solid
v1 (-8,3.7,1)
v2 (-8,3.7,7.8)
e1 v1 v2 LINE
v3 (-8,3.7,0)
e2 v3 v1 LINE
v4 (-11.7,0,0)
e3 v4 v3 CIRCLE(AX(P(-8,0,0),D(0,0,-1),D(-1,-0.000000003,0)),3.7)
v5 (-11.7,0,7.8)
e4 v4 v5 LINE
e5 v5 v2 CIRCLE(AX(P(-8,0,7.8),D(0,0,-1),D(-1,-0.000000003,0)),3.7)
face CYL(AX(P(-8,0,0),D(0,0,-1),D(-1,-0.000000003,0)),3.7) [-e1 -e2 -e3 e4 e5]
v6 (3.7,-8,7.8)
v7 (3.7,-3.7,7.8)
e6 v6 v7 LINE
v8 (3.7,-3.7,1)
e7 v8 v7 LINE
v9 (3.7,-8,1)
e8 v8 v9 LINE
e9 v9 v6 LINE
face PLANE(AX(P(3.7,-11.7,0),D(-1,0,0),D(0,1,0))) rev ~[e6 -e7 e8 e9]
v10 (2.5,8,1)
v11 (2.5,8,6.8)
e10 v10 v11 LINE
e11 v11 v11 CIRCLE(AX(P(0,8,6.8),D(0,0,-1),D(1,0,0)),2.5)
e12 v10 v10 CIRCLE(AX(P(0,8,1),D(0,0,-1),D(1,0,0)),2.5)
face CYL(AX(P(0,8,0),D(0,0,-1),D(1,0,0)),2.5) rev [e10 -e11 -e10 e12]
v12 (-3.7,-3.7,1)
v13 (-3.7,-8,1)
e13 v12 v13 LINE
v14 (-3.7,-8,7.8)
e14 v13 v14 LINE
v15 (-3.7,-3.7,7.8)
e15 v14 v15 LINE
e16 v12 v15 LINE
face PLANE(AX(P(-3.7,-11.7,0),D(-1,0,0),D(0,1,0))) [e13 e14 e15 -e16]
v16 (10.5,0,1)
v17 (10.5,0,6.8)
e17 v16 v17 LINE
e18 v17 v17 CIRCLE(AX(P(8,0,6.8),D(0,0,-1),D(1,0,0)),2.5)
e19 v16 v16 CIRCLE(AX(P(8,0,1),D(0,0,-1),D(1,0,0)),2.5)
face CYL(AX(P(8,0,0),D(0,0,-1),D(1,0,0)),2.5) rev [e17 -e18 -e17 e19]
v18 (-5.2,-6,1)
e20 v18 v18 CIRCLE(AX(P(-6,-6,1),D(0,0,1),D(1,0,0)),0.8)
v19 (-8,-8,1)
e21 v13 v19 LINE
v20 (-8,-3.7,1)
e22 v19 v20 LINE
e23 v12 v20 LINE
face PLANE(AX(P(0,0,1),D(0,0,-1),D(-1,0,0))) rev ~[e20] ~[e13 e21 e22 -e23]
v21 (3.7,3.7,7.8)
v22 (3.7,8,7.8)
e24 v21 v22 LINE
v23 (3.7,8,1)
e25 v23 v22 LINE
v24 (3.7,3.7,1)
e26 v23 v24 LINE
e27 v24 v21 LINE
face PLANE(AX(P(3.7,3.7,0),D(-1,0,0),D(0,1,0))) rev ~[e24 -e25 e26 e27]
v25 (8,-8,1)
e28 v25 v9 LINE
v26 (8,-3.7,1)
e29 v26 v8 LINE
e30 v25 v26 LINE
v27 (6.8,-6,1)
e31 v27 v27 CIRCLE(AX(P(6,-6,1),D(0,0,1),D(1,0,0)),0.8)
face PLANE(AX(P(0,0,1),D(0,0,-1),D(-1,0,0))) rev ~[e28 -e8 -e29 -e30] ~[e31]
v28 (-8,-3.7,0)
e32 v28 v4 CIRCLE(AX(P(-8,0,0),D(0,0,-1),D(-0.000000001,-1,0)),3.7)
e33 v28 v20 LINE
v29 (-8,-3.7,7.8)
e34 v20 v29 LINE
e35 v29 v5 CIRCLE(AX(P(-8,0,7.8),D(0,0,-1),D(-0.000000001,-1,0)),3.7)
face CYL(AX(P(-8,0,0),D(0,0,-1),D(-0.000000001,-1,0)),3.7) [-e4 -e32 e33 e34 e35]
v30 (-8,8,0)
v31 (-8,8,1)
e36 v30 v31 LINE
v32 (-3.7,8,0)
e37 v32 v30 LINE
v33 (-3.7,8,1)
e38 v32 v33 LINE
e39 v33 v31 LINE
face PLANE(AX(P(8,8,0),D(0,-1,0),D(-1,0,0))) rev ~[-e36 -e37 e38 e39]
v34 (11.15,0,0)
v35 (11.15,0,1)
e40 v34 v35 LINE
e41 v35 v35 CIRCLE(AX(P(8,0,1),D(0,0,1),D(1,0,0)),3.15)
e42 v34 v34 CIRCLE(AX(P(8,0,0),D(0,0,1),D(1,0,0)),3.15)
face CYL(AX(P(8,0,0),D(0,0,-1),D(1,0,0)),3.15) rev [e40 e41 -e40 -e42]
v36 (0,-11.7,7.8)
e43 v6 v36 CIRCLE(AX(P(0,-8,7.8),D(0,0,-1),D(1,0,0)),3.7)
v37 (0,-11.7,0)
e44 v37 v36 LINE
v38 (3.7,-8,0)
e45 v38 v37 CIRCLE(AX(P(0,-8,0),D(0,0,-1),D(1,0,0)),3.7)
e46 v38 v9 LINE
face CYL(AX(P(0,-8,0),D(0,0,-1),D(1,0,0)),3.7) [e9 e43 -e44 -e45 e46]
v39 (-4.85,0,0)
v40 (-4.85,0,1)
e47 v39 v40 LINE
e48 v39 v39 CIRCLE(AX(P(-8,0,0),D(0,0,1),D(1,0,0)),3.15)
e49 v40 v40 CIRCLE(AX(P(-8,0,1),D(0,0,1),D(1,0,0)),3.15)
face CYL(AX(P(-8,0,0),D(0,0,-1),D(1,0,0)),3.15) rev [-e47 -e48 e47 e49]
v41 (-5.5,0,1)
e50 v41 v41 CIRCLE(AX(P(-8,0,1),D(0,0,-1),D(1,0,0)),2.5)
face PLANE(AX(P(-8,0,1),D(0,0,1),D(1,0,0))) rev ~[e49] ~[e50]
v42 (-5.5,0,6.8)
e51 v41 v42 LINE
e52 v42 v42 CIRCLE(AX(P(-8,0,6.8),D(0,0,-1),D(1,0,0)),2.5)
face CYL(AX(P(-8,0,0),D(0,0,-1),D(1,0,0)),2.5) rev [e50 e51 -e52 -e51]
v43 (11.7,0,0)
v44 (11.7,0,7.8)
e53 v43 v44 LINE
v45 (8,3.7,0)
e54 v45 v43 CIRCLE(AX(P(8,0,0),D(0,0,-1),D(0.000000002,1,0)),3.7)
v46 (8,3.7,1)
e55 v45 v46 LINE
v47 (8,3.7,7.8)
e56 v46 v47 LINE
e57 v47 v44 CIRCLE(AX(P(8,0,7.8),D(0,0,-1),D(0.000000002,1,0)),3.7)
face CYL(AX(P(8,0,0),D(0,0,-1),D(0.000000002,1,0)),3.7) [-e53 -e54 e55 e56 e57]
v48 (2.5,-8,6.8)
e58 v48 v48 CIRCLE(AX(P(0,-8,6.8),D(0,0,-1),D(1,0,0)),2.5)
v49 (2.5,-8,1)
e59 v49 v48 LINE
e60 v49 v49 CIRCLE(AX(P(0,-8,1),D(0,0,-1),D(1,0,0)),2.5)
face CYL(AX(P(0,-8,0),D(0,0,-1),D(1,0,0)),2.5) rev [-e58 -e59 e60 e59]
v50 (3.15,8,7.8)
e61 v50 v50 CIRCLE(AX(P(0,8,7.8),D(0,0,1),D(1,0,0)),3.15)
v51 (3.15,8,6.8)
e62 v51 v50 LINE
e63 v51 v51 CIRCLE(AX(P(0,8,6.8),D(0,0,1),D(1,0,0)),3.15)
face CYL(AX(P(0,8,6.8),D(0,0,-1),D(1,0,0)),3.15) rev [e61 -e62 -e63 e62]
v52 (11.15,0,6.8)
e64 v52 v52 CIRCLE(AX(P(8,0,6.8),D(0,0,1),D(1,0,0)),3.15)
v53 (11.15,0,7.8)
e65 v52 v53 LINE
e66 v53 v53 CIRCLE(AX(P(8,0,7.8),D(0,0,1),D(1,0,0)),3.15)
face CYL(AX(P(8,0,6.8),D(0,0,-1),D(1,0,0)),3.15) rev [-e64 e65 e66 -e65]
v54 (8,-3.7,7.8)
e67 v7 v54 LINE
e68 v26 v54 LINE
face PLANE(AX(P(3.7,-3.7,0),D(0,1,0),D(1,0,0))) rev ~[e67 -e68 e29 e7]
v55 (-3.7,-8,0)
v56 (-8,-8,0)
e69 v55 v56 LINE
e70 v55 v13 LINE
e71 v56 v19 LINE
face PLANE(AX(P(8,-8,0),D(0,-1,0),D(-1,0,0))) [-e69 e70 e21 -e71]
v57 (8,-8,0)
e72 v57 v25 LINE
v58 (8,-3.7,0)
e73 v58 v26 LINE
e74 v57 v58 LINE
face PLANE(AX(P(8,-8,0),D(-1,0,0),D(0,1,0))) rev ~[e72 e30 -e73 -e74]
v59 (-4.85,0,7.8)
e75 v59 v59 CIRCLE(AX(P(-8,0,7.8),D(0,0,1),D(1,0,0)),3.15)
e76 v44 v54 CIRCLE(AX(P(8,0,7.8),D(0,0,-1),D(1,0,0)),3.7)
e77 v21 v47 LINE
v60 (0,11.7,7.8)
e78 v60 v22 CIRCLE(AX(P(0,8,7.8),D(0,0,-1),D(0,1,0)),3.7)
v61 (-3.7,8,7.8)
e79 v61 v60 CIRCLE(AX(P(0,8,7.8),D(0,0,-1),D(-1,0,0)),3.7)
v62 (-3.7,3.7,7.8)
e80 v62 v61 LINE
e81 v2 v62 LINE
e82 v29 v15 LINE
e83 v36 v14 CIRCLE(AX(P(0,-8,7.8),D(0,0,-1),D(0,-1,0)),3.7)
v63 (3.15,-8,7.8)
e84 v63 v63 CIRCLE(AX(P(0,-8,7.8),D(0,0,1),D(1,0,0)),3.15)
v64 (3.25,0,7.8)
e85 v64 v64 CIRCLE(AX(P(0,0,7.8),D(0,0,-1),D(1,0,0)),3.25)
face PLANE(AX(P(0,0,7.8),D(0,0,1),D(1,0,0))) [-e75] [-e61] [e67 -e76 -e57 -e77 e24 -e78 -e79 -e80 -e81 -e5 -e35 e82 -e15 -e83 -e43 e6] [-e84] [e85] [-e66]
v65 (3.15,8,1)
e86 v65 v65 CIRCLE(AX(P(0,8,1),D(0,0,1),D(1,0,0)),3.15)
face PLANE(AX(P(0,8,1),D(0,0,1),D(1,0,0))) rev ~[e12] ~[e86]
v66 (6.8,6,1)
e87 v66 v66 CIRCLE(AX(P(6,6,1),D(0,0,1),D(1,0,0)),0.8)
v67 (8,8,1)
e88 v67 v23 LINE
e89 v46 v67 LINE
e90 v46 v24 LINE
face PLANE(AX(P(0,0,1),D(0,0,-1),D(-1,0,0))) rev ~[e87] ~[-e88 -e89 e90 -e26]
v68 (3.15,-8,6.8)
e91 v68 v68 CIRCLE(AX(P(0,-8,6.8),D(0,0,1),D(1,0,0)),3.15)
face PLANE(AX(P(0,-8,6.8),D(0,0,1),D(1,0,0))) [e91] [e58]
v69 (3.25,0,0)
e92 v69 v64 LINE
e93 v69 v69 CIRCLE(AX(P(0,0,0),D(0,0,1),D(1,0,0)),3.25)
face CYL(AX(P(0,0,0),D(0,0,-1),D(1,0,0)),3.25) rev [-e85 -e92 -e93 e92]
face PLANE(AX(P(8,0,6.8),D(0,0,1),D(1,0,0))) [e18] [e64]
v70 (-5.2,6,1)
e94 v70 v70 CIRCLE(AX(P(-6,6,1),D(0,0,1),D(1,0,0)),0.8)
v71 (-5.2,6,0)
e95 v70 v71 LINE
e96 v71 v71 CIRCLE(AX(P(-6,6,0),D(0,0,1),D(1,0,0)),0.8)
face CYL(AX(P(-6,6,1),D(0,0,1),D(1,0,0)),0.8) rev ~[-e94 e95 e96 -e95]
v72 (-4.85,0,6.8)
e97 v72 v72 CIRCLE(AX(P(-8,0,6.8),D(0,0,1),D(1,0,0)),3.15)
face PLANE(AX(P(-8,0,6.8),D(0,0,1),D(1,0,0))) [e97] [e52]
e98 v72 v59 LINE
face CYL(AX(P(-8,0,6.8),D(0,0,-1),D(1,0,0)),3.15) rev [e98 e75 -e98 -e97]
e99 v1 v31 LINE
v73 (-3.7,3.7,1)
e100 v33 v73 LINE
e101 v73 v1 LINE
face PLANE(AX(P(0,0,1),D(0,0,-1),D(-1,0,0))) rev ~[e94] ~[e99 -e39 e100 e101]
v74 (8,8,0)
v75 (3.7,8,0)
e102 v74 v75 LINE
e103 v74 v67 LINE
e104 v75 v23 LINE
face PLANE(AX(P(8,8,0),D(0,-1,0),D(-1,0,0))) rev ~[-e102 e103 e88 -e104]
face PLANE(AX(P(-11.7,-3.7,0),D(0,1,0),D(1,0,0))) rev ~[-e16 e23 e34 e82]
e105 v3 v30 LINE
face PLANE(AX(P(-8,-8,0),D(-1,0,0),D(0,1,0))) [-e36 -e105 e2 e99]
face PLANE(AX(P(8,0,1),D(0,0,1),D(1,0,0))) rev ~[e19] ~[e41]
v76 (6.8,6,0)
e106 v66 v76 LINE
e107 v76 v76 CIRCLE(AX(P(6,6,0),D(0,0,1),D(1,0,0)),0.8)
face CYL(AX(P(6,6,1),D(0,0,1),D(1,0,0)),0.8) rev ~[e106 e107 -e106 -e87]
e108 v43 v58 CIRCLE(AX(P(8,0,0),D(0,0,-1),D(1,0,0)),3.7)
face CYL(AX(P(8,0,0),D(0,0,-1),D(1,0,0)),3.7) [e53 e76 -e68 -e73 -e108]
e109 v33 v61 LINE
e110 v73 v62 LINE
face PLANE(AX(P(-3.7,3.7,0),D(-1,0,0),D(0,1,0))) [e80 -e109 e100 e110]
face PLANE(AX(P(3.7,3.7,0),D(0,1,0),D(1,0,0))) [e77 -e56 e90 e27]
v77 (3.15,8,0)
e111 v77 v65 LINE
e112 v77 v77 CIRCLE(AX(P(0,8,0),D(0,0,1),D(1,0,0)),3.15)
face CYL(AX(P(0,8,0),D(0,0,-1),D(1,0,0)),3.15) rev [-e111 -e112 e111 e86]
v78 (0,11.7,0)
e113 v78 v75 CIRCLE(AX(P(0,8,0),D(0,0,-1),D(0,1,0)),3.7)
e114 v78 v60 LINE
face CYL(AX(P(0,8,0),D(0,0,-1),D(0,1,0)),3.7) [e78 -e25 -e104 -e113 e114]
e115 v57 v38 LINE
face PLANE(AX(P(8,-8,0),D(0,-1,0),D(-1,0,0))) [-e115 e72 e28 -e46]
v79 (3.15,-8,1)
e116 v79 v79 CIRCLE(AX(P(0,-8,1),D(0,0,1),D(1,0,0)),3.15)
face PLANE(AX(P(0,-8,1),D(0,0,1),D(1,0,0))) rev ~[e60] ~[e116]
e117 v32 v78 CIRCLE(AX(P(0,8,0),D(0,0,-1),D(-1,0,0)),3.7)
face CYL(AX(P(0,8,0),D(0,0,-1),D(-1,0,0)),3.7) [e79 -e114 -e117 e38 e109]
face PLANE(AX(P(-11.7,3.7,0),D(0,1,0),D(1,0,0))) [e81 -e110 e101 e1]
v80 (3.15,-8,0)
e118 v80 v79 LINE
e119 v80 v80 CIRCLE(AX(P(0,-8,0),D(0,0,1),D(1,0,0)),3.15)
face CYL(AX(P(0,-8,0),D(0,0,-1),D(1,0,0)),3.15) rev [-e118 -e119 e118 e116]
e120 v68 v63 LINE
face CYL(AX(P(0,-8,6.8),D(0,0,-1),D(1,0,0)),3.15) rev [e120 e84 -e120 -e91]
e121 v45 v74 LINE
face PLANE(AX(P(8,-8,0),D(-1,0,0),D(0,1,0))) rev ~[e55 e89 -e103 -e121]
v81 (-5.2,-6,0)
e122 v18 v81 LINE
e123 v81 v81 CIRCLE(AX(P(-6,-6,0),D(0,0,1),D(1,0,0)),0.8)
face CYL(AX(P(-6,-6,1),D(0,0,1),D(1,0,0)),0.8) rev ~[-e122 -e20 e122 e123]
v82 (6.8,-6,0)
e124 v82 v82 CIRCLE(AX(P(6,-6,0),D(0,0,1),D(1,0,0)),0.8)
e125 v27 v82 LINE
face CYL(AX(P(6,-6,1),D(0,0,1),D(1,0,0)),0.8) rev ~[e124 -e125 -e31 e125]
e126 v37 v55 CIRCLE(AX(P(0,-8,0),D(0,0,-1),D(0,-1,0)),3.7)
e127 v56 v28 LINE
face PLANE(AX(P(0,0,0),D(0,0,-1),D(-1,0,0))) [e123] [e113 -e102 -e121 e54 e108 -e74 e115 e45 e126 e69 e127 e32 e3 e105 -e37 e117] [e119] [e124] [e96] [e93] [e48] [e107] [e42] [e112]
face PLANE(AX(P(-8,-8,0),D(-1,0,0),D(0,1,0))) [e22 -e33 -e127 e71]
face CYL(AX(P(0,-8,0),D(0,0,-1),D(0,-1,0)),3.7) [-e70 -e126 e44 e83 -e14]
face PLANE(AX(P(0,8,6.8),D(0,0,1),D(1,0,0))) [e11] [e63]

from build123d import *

# Parameters (mm, degrees)
SKETCH_2_W          = 23.4
SKETCH_2_H          = 7.4
SKETCH_2_W_2        = 7.4
SKETCH_2_H_2        = 23.4
EXTRUDE_1_DEPTH     = 7.8
SKETCH_3_W          = 16
SKETCH_3_H          = 16
EXTRUDE_2_DEPTH     = 1
SKETCH_2_6_R        = 2.5
SKETCH_2_6_R_2      = 3.25
CUT_EXTRUDE_3_DEPTH = 19.292621463
SKETCH_2_3_R        = 3.15
CUT_EXTRUDE_1_DEPTH = 1
CUT_EXTRUDE_START   = 6.8
SKETCH_2_5_R        = 3.15
CUT_EXTRUDE_2_DEPTH = 1
SKETCH_4_R          = 0.8
CUT_EXTRUDE_4_DEPTH = 18.889102828


with BuildPart() as part:
    # 草图2 → 凸台-拉伸1 (new body)
    with BuildSketch(Plane.XY):
        Rectangle(SKETCH_2_W, SKETCH_2_H)
        Rectangle(SKETCH_2_W_2, SKETCH_2_H_2)
    extrude(amount=EXTRUDE_1_DEPTH)

    # 草图3 → 凸台-拉伸2 (add)
    with BuildSketch(Plane(origin=(0, 0, 0), x_dir=(-1, 0, 0), z_dir=(0, 0, -1))):
        Rectangle(SKETCH_3_W, SKETCH_3_H)
    extrude(amount=-EXTRUDE_2_DEPTH)

    # 草图2<6> → 切除-拉伸3 (cut, through all)
    with BuildSketch(Plane.XY):
        with BuildLine():
            Line((-3.7, 11.7), (-3.7, 8))
            ThreePointArc((-3.7, 8), (-2.61629509, 10.61629509), (0, 11.7))
            Line((0, 11.7), (-3.7, 11.7))
        make_face()
        with BuildLine():
            ThreePointArc((0, 11.7), (2.61629509, 10.61629509), (3.7, 8))
            Line((3.7, 8), (3.7, 11.7))
            Line((3.7, 11.7), (0, 11.7))
        make_face()
        with BuildLine():
            Line((11.7, 3.7), (8.000000006, 3.7))
            ThreePointArc((8.000000006, 3.7), (10.616295093, 2.616295088), (11.7, 0))
            Line((11.7, 0), (11.7, 3.7))
        make_face()
        with BuildLine():
            ThreePointArc((11.7, 0), (10.616295085, -2.616295096), (7.999999984, -3.7))
            Line((7.999999984, -3.7), (11.7, -3.7))
            Line((11.7, -3.7), (11.7, 0))
        make_face()
        with BuildLine():
            Line((3.7, -11.7), (3.7, -8))
            ThreePointArc((3.7, -8), (2.61629509, -10.61629509), (0, -11.7))
            Line((0, -11.7), (3.7, -11.7))
        make_face()
        with BuildLine():
            ThreePointArc((0, -11.7), (-2.616295094, -10.616295087), (-3.7, -7.99999999))
            Line((-3.7, -7.99999999), (-3.7, -11.7))
            Line((-3.7, -11.7), (0, -11.7))
        make_face()
        with BuildLine():
            Line((-11.7, -1.1e-08), (-11.7, -3.7))
            Line((-11.7, -3.7), (-8.000000004, -3.7))
            ThreePointArc((-8.000000004, -3.7), (-10.616295088, -2.616295093), (-11.7, -1.1e-08))
        make_face()
        with BuildLine():
            Line((-11.7, 3.7), (-11.7, -1.1e-08))
            ThreePointArc((-11.7, -1.1e-08), (-10.616295094, 2.616295086), (-8, 3.7))
            Line((-8, 3.7), (-11.7, 3.7))
        make_face()
        with Locations((0, 8)):
            Circle(SKETCH_2_6_R)
        with Locations((-8, 0)):
            Circle(SKETCH_2_6_R)
        Circle(SKETCH_2_6_R_2)
        with Locations((8, 0)):
            Circle(SKETCH_2_6_R)
        with Locations((0, -8)):
            Circle(SKETCH_2_6_R)
    extrude(amount=CUT_EXTRUDE_3_DEPTH, mode=Mode.SUBTRACT)

    # 草图2<3> → 切除-拉伸1 (cut)
    with BuildSketch(Plane.XY):
        with Locations((8, 0)):
            Circle(SKETCH_2_3_R)
        with Locations((-8, 0)):
            Circle(SKETCH_2_3_R)
        with Locations((0, 8)):
            Circle(SKETCH_2_3_R)
        with Locations((0, -8)):
            Circle(SKETCH_2_3_R)
    extrude(amount=CUT_EXTRUDE_1_DEPTH, mode=Mode.SUBTRACT)

    # 草图2<5> → 切除-拉伸2 (cut)
    with BuildSketch(Plane.XY.offset(CUT_EXTRUDE_START)):
        with Locations((8, 0)):
            Circle(SKETCH_2_5_R)
        with Locations((-8, 0)):
            Circle(SKETCH_2_5_R)
        with Locations((0, 8)):
            Circle(SKETCH_2_5_R)
        with Locations((0, -8)):
            Circle(SKETCH_2_5_R)
    extrude(amount=CUT_EXTRUDE_2_DEPTH, mode=Mode.SUBTRACT)

    # 草图4 → 切除-拉伸4 (cut, through all)
    with BuildSketch(Plane.XY.offset(1)):
        with Locations((-6, 6)):
            Circle(SKETCH_4_R)
        with Locations((6, 6)):
            Circle(SKETCH_4_R)
        with Locations((-6, -6)):
            Circle(SKETCH_4_R)
        with Locations((6, -6)):
            Circle(SKETCH_4_R)
    extrude(amount=-CUT_EXTRUDE_4_DEPTH, mode=Mode.SUBTRACT)


solid = part.part
